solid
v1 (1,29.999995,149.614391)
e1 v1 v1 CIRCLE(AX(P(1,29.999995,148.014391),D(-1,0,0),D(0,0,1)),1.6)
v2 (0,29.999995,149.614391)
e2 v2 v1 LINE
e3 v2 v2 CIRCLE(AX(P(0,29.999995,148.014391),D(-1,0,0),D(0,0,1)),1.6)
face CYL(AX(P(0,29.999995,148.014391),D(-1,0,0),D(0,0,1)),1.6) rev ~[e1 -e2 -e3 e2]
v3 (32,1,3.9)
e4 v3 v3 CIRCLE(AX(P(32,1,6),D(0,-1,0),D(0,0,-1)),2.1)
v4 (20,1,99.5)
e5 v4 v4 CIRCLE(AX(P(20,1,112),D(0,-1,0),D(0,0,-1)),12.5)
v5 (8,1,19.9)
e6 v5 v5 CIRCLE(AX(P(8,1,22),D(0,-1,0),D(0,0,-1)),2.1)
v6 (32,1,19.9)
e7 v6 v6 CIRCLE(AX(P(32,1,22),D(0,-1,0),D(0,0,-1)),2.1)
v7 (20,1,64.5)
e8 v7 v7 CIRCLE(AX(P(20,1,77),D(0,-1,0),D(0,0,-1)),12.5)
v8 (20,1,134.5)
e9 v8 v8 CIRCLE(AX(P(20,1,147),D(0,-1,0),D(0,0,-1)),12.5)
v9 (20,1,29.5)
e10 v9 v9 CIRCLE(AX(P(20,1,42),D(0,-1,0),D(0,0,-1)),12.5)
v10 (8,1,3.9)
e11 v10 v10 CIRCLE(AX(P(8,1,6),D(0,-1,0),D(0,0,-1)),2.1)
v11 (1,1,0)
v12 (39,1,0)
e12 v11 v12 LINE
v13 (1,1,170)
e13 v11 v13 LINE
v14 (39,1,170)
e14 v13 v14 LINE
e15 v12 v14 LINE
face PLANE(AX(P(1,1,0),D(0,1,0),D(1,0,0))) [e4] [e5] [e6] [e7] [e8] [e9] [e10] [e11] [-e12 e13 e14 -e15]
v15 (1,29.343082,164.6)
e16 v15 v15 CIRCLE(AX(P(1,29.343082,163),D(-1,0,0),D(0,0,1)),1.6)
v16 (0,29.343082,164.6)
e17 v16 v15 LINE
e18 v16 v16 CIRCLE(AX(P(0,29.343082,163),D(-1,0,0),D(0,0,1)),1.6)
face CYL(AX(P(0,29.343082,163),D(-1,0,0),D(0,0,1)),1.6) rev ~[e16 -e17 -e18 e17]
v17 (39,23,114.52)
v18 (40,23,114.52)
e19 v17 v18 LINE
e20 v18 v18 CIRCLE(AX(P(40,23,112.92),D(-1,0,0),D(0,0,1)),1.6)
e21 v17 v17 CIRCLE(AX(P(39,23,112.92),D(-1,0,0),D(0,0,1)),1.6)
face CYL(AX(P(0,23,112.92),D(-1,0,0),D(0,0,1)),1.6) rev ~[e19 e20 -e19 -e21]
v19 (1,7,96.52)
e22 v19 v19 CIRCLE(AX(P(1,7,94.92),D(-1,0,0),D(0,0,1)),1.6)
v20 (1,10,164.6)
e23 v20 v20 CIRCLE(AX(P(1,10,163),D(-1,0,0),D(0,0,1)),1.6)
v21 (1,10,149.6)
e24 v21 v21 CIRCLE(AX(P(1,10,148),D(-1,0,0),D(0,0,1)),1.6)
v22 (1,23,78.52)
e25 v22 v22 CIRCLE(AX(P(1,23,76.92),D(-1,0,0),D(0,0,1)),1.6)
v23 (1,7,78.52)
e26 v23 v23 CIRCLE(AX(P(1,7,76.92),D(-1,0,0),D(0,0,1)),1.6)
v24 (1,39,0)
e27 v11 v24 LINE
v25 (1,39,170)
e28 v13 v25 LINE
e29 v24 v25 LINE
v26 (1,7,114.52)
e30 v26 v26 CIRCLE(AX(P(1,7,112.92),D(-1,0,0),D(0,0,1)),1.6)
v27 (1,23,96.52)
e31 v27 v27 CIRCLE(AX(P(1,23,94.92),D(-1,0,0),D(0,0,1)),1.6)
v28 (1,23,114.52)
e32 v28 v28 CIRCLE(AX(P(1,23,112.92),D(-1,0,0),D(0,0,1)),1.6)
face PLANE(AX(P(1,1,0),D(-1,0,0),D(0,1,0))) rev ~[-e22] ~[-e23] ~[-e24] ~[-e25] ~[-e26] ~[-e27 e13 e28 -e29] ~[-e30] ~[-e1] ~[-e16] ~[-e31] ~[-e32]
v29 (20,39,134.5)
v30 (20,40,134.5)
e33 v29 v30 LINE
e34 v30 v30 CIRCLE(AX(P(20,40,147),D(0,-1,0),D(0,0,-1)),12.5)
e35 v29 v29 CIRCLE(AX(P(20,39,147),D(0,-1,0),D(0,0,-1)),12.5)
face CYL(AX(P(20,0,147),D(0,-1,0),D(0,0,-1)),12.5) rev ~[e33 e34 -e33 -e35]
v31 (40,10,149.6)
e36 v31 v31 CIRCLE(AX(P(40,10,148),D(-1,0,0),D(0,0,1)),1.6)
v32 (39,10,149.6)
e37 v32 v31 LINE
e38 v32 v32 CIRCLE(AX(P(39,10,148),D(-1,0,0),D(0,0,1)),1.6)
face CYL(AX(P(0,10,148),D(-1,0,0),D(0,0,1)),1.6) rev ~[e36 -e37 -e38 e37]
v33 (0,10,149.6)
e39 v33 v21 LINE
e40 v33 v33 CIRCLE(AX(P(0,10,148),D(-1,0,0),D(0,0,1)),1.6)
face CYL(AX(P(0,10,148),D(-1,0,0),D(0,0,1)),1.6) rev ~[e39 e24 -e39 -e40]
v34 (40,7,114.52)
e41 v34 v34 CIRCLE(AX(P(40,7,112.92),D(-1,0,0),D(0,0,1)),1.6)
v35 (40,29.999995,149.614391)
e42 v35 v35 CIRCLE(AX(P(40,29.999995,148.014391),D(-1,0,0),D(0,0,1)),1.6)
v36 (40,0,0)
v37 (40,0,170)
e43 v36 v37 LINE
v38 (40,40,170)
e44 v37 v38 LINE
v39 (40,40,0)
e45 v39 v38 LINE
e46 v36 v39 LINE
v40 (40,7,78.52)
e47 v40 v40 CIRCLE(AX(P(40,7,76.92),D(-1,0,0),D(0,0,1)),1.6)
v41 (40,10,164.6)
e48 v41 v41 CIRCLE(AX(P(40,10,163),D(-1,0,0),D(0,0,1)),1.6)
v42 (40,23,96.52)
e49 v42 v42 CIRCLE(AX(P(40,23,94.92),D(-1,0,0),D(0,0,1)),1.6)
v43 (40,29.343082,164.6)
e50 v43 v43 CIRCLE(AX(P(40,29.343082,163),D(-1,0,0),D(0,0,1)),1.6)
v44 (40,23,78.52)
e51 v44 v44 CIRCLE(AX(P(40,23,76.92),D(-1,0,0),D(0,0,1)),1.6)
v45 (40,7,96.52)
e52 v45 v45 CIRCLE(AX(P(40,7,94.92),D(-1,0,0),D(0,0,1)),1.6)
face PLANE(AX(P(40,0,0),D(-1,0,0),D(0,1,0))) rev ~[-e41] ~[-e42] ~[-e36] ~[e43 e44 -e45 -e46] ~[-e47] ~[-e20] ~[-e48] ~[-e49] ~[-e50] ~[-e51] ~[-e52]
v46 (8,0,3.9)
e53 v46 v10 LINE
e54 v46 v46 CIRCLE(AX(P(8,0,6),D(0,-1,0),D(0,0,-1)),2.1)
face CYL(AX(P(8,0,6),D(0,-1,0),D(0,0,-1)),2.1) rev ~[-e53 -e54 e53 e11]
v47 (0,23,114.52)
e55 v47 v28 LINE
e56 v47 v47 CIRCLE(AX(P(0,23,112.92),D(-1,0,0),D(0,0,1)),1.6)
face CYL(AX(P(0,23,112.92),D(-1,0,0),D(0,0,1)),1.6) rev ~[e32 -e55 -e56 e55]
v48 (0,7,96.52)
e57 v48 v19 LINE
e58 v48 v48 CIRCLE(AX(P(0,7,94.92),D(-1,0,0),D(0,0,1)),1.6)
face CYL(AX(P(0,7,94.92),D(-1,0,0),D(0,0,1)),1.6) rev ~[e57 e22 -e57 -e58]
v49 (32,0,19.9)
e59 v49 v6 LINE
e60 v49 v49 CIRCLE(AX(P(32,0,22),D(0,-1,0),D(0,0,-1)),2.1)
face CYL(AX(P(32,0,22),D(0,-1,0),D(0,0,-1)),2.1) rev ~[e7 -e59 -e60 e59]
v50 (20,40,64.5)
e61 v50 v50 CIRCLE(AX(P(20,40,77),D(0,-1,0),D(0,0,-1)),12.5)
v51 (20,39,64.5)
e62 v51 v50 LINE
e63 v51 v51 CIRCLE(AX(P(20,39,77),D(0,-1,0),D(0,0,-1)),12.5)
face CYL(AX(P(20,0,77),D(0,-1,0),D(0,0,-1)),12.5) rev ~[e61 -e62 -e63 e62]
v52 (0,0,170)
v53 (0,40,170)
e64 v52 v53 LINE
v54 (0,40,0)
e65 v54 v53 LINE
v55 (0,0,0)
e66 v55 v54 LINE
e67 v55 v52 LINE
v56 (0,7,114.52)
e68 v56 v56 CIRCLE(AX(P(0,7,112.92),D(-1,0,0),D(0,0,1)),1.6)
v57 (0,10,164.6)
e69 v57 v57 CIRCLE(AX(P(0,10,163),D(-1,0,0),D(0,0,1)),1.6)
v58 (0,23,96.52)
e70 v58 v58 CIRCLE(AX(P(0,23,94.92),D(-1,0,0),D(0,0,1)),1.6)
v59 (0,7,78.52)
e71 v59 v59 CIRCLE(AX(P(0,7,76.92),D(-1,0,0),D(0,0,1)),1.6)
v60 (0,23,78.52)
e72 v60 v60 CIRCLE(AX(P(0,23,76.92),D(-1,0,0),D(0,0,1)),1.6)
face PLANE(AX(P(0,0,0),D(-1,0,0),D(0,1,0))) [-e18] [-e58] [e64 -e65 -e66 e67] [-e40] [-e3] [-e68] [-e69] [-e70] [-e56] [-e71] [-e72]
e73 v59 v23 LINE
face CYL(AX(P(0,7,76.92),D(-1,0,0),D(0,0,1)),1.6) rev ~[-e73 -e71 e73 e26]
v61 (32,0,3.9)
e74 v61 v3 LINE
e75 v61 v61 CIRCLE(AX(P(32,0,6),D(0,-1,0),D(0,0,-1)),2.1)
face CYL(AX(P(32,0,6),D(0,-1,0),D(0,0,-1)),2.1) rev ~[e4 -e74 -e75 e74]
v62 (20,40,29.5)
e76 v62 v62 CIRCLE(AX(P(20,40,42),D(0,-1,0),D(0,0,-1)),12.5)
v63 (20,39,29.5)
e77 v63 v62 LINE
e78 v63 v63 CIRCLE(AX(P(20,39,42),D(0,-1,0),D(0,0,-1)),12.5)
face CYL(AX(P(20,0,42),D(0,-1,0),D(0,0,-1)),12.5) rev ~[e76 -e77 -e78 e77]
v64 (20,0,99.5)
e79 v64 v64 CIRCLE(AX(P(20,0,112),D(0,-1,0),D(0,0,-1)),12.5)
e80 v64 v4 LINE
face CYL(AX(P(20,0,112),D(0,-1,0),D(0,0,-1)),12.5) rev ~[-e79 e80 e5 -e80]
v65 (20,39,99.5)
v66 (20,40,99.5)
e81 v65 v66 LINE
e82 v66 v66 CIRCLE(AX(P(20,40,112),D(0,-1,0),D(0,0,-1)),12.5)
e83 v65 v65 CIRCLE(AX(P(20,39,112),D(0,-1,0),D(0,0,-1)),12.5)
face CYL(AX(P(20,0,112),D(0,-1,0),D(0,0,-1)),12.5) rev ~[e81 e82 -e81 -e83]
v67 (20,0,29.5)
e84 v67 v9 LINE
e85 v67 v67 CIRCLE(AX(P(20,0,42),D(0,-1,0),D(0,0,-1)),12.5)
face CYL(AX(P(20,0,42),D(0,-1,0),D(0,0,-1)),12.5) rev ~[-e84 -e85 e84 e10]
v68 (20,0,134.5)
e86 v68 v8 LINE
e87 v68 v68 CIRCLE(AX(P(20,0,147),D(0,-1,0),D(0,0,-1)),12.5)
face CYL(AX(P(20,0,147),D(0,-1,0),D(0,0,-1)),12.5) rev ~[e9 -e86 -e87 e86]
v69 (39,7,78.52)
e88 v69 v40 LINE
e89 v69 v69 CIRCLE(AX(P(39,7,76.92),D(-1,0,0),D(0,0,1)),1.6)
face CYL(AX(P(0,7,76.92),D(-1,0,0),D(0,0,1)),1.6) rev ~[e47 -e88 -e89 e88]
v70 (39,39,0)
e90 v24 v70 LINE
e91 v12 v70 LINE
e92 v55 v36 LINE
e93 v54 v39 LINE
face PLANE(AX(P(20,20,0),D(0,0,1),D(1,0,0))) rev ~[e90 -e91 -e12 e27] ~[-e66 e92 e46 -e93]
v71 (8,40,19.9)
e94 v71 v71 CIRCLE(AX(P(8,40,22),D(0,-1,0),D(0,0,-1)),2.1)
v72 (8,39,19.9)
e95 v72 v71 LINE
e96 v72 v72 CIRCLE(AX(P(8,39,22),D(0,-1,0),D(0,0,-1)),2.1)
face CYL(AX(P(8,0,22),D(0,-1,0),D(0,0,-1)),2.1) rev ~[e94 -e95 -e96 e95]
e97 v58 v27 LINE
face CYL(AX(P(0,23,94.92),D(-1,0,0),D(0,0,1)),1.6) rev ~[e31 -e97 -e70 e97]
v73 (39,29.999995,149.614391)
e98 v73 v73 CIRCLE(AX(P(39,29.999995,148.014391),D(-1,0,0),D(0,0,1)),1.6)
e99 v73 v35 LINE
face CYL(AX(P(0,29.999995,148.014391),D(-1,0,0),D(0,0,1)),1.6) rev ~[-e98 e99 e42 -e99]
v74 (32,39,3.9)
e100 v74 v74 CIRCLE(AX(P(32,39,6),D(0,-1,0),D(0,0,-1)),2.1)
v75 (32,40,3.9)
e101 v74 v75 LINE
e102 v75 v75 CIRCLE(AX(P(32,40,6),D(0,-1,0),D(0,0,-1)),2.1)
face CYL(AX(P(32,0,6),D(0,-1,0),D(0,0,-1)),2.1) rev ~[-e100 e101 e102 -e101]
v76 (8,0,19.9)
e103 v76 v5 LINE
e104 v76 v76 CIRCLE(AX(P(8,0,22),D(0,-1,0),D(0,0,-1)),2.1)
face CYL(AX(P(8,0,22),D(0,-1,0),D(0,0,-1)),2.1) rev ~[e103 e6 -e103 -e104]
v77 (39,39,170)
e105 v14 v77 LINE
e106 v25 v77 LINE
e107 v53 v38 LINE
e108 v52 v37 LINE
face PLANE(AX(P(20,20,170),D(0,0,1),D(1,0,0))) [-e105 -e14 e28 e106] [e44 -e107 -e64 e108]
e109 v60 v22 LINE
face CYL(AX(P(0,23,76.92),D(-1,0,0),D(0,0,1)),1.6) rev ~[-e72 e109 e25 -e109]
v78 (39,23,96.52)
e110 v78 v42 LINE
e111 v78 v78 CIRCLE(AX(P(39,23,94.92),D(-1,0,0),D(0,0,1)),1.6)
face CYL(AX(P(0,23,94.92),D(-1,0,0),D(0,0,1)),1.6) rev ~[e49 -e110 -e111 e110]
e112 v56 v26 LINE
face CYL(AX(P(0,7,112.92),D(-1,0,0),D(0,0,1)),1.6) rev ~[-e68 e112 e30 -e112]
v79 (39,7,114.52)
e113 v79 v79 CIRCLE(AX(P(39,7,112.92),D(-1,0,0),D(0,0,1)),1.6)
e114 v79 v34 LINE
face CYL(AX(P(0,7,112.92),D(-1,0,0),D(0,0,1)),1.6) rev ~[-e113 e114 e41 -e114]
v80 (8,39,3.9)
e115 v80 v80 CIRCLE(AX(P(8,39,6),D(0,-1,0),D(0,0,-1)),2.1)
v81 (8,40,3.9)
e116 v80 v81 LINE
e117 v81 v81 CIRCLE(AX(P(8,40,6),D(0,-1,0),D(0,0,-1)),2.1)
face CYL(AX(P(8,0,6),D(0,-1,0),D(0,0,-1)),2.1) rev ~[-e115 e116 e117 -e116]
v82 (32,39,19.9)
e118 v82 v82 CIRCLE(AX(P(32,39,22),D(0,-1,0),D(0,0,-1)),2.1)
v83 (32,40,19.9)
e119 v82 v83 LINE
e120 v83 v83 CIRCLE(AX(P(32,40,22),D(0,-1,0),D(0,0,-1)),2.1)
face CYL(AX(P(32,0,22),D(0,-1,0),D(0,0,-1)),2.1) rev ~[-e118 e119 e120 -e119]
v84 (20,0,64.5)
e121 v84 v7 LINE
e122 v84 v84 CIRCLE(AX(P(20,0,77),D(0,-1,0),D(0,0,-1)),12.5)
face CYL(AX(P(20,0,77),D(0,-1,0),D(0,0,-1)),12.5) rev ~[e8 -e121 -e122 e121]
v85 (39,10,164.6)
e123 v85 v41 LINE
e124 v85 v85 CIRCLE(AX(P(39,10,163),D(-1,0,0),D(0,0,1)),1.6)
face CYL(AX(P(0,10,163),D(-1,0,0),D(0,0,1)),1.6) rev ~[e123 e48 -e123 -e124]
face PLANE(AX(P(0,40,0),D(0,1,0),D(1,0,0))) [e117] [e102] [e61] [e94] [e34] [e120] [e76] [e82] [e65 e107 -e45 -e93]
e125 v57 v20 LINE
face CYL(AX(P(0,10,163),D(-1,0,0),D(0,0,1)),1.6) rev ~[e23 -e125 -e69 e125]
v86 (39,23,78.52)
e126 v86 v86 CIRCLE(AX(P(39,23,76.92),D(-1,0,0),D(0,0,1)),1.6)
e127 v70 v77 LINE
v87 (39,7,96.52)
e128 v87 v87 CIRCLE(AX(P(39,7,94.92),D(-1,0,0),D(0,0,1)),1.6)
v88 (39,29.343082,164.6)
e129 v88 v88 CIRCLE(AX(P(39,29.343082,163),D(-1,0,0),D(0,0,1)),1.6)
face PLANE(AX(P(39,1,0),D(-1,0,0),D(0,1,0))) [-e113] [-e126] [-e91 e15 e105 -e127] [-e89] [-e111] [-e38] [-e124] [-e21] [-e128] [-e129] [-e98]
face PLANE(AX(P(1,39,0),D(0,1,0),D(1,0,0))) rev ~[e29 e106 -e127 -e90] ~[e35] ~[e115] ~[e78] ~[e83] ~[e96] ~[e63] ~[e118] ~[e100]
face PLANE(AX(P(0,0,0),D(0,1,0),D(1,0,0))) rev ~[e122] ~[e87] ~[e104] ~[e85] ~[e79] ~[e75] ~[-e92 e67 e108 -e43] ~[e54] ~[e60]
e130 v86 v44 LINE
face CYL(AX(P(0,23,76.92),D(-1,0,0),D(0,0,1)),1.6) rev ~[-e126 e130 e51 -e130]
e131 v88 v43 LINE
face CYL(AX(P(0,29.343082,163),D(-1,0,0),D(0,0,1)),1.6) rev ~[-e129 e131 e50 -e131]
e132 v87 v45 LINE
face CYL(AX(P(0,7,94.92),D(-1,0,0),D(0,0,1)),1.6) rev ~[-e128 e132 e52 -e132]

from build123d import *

# Parameters (mm, degrees)
SKETCH_1_W          = 40
SKETCH_1_H          = 40
SKETCH_1_W_2        = 38
SKETCH_1_H_2        = 38
EXTRUDE_1_DEPTH     = 170
SKETCH_2_R          = 2.1
CUT_EXTRUDE_1_DEPTH = 180.164728672
SKETCH_12_R         = 1.6
CUT_EXTRUDE_2_DEPTH = 180.164728672
SKETCH_13_R         = 1.6
CUT_EXTRUDE_3_DEPTH = 180.164728672
SKETCH_14_R         = 12.5
CUT_EXTRUDE_4_DEPTH = 180.164728672


with BuildPart() as part:
    # 草图1 → 凸台-拉伸1 (new body)
    with BuildSketch(Plane.XY):
        with Locations((20, 20)):
            Rectangle(SKETCH_1_W, SKETCH_1_H)
        with Locations((20, 20)):
            Rectangle(SKETCH_1_W_2, SKETCH_1_H_2, mode=Mode.SUBTRACT)
    extrude(amount=EXTRUDE_1_DEPTH)

    # 草图2 → 切除-拉伸1 (cut, through all)
    with BuildSketch(Plane.XZ):
        with Locations(Location((8, 6, 0), (0, 0, 270))):
            Circle(SKETCH_2_R)
        with Locations(Location((32, 22, 0), (0, 0, 270))):
            Circle(SKETCH_2_R)
        with Locations(Location((8, 22, 0), (0, 0, 270))):
            Circle(SKETCH_2_R)
        with Locations(Location((32, 6, 0), (0, 0, 270))):
            Circle(SKETCH_2_R)
    extrude(amount=-CUT_EXTRUDE_1_DEPTH, mode=Mode.SUBTRACT)

    # 草图12 → 切除-拉伸2 (cut, through all)
    with BuildSketch(Plane.ZY):
        with Locations((112.92, 7)):
            Circle(SKETCH_12_R)
        with Locations((94.92, 7)):
            Circle(SKETCH_12_R)
        with Locations((76.92, 7)):
            Circle(SKETCH_12_R)
        with Locations((94.92, 23)):
            Circle(SKETCH_12_R)
        with Locations((76.92, 23)):
            Circle(SKETCH_12_R)
        with Locations((112.92, 23)):
            Circle(SKETCH_12_R)
    extrude(amount=-CUT_EXTRUDE_2_DEPTH, mode=Mode.SUBTRACT)

    # 草图13 → 切除-拉伸3 (cut, through all)
    with BuildSketch(Plane.ZY):
        with Locations((163, 29.343081894)):
            Circle(SKETCH_13_R)
        with Locations((163, 10)):
            Circle(SKETCH_13_R)
        with Locations((148.01439139, 29.999994822)):
            Circle(SKETCH_13_R)
        with Locations((148, 10)):
            Circle(SKETCH_13_R)
    extrude(amount=-CUT_EXTRUDE_3_DEPTH, mode=Mode.SUBTRACT)

    # 草图14 → 切除-拉伸4 (cut, through all)
    with BuildSketch(Plane.XZ):
        with Locations(Location((20, 42, 0), (0, 0, 270))):
            Circle(SKETCH_14_R)
        with Locations(Location((20, 77, 0), (0, 0, 270))):
            Circle(SKETCH_14_R)
        with Locations(Location((20, 112, 0), (0, 0, 270))):
            Circle(SKETCH_14_R)
        with Locations(Location((20, 147, 0), (0, 0, 270))):
            Circle(SKETCH_14_R)
    extrude(amount=-CUT_EXTRUDE_4_DEPTH, mode=Mode.SUBTRACT)


solid = part.part
